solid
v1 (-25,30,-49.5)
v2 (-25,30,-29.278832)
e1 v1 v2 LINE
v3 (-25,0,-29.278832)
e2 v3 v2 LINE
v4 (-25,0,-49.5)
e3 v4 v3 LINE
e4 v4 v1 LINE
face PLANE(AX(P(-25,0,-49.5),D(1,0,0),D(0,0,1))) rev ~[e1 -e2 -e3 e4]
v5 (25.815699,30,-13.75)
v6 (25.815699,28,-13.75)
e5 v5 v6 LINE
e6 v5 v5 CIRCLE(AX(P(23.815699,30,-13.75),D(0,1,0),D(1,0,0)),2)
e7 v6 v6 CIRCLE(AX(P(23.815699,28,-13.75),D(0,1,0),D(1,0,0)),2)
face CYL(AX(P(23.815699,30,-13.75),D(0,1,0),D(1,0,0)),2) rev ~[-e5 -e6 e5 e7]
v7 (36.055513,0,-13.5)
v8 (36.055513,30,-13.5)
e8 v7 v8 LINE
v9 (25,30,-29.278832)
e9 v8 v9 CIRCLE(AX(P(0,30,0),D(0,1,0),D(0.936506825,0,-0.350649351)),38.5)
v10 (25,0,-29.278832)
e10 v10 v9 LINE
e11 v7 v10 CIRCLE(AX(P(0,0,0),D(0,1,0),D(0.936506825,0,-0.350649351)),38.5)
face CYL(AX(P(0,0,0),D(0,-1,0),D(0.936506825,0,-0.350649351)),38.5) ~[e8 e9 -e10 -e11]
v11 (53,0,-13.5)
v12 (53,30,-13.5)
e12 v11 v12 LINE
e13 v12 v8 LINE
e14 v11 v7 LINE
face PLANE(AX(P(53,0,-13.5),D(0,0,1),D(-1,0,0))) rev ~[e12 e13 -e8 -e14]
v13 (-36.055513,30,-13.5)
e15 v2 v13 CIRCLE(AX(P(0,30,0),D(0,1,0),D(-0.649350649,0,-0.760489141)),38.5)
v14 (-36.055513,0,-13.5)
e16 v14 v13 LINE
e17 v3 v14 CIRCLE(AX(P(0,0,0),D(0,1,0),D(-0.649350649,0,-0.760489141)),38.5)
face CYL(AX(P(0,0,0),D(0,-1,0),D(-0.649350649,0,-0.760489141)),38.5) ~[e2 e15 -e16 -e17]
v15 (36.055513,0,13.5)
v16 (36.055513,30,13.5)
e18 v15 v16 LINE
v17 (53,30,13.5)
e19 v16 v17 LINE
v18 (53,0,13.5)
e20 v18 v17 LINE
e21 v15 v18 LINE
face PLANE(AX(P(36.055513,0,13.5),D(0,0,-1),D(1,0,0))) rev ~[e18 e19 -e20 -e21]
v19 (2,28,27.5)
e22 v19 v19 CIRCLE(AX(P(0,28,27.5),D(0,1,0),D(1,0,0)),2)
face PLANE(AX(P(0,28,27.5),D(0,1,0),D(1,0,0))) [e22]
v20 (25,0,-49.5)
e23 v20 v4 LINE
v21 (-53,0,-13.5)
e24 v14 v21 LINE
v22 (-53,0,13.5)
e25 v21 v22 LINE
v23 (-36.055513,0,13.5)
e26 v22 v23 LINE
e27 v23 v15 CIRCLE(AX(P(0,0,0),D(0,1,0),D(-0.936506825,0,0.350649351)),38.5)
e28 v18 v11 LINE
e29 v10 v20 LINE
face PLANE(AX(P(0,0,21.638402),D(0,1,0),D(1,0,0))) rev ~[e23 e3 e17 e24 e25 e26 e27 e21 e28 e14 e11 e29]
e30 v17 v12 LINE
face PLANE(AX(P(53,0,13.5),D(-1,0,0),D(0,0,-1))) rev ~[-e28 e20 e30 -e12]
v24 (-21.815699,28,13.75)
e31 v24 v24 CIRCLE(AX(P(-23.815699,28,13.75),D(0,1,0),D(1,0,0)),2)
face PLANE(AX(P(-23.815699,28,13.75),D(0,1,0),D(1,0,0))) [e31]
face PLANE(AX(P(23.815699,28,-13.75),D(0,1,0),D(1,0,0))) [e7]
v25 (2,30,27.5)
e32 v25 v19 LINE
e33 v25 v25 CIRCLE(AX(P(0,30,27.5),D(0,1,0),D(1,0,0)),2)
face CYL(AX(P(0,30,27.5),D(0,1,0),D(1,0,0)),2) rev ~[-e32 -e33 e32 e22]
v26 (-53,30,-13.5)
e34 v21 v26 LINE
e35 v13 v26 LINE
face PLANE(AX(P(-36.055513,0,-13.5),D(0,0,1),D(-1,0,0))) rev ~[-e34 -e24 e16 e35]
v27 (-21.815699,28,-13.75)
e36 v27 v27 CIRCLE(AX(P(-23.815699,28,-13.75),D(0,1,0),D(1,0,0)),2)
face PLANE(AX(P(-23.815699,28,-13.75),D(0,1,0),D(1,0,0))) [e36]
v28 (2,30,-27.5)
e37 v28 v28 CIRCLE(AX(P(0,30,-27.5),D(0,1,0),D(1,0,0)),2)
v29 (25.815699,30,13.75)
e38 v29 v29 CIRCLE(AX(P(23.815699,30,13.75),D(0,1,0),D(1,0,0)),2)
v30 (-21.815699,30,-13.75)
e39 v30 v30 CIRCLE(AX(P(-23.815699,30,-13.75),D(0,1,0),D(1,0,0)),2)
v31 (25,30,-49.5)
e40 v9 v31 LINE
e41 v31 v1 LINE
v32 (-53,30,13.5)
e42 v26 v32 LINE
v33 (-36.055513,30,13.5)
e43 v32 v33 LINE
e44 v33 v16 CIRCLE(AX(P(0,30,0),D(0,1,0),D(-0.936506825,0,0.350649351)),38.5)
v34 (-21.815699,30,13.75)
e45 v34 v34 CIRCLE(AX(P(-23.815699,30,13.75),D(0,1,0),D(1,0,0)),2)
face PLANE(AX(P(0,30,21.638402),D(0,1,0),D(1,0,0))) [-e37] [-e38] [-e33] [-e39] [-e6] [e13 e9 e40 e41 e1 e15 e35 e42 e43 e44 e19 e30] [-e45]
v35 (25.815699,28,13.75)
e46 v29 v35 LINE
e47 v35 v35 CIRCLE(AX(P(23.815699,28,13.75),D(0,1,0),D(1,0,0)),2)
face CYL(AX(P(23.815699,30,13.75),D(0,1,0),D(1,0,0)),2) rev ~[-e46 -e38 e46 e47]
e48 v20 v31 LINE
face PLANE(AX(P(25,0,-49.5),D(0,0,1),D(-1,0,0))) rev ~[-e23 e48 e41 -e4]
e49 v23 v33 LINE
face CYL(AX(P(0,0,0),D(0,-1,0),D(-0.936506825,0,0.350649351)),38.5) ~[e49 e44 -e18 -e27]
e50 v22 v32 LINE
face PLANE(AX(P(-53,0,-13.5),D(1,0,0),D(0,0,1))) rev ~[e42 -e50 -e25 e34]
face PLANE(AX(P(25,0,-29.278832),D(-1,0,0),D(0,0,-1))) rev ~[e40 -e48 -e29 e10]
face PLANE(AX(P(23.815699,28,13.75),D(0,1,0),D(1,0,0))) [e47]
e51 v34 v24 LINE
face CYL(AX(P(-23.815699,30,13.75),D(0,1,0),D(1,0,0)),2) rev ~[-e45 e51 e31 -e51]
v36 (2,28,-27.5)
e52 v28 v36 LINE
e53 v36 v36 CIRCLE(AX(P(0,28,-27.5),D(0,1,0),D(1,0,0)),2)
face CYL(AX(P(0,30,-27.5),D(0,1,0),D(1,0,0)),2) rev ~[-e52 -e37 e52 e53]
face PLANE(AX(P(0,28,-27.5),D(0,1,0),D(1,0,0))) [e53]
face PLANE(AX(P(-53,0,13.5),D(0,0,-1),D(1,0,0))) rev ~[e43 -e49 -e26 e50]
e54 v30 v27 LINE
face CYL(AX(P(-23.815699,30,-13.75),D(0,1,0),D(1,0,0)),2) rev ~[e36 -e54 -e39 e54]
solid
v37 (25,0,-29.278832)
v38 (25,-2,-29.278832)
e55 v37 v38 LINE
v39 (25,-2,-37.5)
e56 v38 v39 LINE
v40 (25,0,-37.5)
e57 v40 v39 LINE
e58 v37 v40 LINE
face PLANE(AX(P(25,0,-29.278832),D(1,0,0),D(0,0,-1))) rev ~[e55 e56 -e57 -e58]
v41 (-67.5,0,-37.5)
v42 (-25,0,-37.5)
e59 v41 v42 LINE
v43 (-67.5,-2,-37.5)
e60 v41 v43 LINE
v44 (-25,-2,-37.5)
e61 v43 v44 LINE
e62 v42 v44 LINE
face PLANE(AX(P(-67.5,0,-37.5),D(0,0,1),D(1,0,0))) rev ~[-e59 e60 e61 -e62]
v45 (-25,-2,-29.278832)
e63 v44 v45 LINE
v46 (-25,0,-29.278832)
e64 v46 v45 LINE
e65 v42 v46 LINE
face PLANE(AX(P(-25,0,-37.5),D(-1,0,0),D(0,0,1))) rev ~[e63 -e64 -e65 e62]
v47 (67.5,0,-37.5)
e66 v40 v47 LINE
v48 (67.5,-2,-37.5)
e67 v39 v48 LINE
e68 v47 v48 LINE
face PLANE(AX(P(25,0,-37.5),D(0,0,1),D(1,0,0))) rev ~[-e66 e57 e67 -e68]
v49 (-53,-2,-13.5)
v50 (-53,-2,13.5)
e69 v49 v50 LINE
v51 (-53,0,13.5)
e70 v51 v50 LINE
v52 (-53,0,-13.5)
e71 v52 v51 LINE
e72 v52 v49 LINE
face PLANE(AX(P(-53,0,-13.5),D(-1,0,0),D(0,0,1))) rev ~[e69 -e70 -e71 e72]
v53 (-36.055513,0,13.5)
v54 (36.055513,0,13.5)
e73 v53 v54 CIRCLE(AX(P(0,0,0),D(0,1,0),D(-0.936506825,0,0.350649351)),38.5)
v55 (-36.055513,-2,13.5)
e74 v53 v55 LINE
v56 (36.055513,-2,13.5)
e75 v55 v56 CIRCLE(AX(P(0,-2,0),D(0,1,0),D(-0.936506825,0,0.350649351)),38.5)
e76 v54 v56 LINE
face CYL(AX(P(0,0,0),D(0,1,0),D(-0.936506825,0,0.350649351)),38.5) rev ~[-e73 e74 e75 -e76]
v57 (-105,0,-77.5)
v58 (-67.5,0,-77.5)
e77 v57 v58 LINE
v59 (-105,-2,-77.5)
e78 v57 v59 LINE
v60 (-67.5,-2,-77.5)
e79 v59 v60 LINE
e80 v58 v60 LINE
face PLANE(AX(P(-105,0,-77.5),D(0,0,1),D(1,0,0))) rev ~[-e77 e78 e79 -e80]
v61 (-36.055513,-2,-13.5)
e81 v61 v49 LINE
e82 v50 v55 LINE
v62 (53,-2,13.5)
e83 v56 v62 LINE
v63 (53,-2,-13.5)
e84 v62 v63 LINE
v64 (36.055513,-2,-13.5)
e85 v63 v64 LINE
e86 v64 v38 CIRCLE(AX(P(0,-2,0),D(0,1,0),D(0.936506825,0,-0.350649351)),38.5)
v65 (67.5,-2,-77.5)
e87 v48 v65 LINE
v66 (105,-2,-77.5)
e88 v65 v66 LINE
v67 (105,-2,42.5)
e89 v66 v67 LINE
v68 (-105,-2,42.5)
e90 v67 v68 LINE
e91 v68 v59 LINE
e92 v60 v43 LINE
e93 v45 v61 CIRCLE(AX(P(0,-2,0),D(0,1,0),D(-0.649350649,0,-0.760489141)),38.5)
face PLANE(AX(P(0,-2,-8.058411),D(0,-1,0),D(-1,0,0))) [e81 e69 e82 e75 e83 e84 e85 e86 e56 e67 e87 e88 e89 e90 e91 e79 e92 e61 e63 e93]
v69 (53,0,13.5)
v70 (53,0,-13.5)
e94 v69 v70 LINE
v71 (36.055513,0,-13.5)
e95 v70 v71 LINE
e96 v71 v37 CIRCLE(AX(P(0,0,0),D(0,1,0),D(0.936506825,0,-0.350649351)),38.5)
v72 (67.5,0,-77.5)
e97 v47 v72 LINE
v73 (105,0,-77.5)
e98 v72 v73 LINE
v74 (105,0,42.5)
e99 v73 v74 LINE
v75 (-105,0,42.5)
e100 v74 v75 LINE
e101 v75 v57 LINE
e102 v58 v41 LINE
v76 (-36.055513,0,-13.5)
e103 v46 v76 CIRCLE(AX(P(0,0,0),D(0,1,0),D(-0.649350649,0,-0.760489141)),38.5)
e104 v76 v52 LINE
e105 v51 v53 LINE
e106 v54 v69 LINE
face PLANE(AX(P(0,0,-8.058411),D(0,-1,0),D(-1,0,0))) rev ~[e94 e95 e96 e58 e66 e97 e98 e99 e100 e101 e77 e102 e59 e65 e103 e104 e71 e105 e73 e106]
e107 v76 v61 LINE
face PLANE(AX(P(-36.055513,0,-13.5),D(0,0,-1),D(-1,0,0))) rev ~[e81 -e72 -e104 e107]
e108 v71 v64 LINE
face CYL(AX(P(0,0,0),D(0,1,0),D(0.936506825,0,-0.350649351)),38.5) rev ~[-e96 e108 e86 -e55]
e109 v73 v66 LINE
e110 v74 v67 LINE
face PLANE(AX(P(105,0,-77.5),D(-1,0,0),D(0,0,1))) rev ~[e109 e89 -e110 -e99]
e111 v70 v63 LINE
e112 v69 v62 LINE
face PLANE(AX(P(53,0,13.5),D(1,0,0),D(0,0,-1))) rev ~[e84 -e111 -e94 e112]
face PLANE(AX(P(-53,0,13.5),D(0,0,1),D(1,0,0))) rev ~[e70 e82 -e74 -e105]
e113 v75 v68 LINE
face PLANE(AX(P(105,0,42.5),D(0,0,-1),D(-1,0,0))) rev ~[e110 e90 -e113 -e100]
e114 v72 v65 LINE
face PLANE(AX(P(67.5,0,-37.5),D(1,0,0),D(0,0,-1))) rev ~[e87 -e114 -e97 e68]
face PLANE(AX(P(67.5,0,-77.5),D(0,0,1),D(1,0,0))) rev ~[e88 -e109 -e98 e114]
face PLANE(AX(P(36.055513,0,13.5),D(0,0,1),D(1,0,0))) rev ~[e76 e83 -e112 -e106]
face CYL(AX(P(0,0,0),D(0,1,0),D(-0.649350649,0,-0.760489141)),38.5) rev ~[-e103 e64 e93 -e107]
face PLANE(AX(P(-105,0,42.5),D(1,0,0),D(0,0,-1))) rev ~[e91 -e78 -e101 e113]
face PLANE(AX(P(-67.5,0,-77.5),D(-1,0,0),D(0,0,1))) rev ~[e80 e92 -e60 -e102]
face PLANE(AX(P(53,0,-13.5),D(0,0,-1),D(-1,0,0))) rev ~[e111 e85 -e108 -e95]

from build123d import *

# Parameters (mm, degrees)
BOSS_EXTRUDE1_DEPTH = 30
BOSS_EXTRUDE2_DEPTH = 2
SKETCH3_R           = 2
CUT_EXTRUDE1_DEPTH  = 2


with BuildPart() as part:
    # Sketch1 → Boss-Extrude1 (new body)
    with BuildSketch(Plane(origin=(0, 0, 0), x_dir=(1, 0, 0), z_dir=(0, 1, 0))):
        with BuildLine():
            Line((36.055512755, -13.5), (-36.055512755, -13.5))
            ThreePointArc((-36.055512755, -13.5), (0, -38.5), (36.055512755, -13.5))
        make_face()
        with BuildLine():
            Line((36.055512755, 13.5), (-36.055512755, 13.5))
            ThreePointArc((-36.055512755, 13.5), (-38.5, 0), (-36.055512755, -13.5))
            Line((-36.055512755, -13.5), (36.055512755, -13.5))
            ThreePointArc((36.055512755, -13.5), (37.883949379, -6.859765264), (38.5, 0))
            ThreePointArc((38.5, 0), (37.883949379, 6.859765264), (36.055512755, 13.5))
        make_face()
        with BuildLine():
            Line((-36.055512755, 13.5), (-53, 13.5))
            Line((-53, 13.5), (-53, -13.5))
            Line((-53, -13.5), (-36.055512755, -13.5))
            ThreePointArc((-36.055512755, -13.5), (-38.5, 0), (-36.055512755, 13.5))
        make_face()
        with BuildLine():
            ThreePointArc((25, 29.278831944), (0, 38.5), (-25, 29.278831944))
            Line((-25, 29.278831944), (-25, 27.5))
            Line((-25, 27.5), (25, 27.5))
            Line((25, 27.5), (25, 29.278831944))
        make_face()
        with BuildLine():
            Line((53, 13.5), (36.055512755, 13.5))
            ThreePointArc((36.055512755, 13.5), (37.883949379, 6.859765264), (38.5, 0))
            ThreePointArc((38.5, 0), (37.883949379, -6.859765264), (36.055512755, -13.5))
            Line((36.055512755, -13.5), (53, -13.5))
            Line((53, -13.5), (53, 13.5))
        make_face()
        with BuildLine():
            ThreePointArc((-25, 29.278831944), (-31.530727772, 22.092152593), (-36.055512755, 13.5))
            Line((-36.055512755, 13.5), (36.055512755, 13.5))
            ThreePointArc((36.055512755, 13.5), (31.530727772, 22.092152593), (25, 29.278831944))
            Line((25, 29.278831944), (25, 27.5))
            Line((25, 27.5), (-25, 27.5))
            Line((-25, 27.5), (-25, 29.278831944))
        make_face()
        with BuildLine():
            Line((-25, 49.5), (-25, 29.278831944))
            ThreePointArc((-25, 29.278831944), (0, 38.5), (25, 29.278831944))
            Line((25, 29.278831944), (25, 49.5))
            Line((25, 49.5), (-25, 49.5))
        make_face()
    extrude(amount=BOSS_EXTRUDE1_DEPTH)

    # Sketch3 → Cut-Extrude1 (cut)
    with BuildSketch(Plane(origin=(0, 30, 0), x_dir=(1, 0, 0), z_dir=(0, 1, 0))):
        with Locations((0, 27.5)):
            Circle(SKETCH3_R)
        with Locations((23.815698604, 13.75)):
            Circle(SKETCH3_R)
        with Locations((23.815698604, -13.75)):
            Circle(SKETCH3_R)
        with Locations((0, -27.5)):
            Circle(SKETCH3_R)
        with Locations((-23.815698604, -13.75)):
            Circle(SKETCH3_R)
        with Locations((-23.815698604, 13.75)):
            Circle(SKETCH3_R)
    extrude(amount=-CUT_EXTRUDE1_DEPTH, mode=Mode.SUBTRACT)


with BuildPart() as body_2:
    # Sketch2 → Boss-Extrude2 (new body)
    with BuildSketch(Plane(origin=(0, 0, 0), x_dir=(-1, 0, 0), z_dir=(0, -1, 0))):
        with BuildLine():
            Line((-105, -42.5), (105, -42.5))
            Line((105, -42.5), (105, 77.5))
            Line((105, 77.5), (67.5, 77.5))
            Line((67.5, 77.5), (67.5, 37.5))
            Line((67.5, 37.5), (25, 37.5))
            Line((25, 37.5), (25, 29.278831944))
            ThreePointArc((25, 29.278831944), (31.530727772, 22.092152593), (36.055512755, 13.5))
            Line((36.055512755, 13.5), (53, 13.5))
            Line((53, 13.5), (53, -13.5))
            Line((53, -13.5), (36.055512755, -13.5))
            ThreePointArc((36.055512755, -13.5), (0, -38.5), (-36.055512755, -13.5))
            Line((-36.055512755, -13.5), (-53, -13.5))
            Line((-53, -13.5), (-53, 13.5))
            Line((-53, 13.5), (-36.055512755, 13.5))
            ThreePointArc((-36.055512755, 13.5), (-31.530727772, 22.092152593), (-25, 29.278831944))
            Line((-25, 29.278831944), (-25, 37.5))
            Line((-25, 37.5), (-67.5, 37.5))
            Line((-67.5, 37.5), (-67.5, 77.5))
            Line((-67.5, 77.5), (-105, 77.5))
            Line((-105, 77.5), (-105, -42.5))
        make_face()
    extrude(amount=BOSS_EXTRUDE2_DEPTH)


solid = Compound([part.part, body_2.part])
